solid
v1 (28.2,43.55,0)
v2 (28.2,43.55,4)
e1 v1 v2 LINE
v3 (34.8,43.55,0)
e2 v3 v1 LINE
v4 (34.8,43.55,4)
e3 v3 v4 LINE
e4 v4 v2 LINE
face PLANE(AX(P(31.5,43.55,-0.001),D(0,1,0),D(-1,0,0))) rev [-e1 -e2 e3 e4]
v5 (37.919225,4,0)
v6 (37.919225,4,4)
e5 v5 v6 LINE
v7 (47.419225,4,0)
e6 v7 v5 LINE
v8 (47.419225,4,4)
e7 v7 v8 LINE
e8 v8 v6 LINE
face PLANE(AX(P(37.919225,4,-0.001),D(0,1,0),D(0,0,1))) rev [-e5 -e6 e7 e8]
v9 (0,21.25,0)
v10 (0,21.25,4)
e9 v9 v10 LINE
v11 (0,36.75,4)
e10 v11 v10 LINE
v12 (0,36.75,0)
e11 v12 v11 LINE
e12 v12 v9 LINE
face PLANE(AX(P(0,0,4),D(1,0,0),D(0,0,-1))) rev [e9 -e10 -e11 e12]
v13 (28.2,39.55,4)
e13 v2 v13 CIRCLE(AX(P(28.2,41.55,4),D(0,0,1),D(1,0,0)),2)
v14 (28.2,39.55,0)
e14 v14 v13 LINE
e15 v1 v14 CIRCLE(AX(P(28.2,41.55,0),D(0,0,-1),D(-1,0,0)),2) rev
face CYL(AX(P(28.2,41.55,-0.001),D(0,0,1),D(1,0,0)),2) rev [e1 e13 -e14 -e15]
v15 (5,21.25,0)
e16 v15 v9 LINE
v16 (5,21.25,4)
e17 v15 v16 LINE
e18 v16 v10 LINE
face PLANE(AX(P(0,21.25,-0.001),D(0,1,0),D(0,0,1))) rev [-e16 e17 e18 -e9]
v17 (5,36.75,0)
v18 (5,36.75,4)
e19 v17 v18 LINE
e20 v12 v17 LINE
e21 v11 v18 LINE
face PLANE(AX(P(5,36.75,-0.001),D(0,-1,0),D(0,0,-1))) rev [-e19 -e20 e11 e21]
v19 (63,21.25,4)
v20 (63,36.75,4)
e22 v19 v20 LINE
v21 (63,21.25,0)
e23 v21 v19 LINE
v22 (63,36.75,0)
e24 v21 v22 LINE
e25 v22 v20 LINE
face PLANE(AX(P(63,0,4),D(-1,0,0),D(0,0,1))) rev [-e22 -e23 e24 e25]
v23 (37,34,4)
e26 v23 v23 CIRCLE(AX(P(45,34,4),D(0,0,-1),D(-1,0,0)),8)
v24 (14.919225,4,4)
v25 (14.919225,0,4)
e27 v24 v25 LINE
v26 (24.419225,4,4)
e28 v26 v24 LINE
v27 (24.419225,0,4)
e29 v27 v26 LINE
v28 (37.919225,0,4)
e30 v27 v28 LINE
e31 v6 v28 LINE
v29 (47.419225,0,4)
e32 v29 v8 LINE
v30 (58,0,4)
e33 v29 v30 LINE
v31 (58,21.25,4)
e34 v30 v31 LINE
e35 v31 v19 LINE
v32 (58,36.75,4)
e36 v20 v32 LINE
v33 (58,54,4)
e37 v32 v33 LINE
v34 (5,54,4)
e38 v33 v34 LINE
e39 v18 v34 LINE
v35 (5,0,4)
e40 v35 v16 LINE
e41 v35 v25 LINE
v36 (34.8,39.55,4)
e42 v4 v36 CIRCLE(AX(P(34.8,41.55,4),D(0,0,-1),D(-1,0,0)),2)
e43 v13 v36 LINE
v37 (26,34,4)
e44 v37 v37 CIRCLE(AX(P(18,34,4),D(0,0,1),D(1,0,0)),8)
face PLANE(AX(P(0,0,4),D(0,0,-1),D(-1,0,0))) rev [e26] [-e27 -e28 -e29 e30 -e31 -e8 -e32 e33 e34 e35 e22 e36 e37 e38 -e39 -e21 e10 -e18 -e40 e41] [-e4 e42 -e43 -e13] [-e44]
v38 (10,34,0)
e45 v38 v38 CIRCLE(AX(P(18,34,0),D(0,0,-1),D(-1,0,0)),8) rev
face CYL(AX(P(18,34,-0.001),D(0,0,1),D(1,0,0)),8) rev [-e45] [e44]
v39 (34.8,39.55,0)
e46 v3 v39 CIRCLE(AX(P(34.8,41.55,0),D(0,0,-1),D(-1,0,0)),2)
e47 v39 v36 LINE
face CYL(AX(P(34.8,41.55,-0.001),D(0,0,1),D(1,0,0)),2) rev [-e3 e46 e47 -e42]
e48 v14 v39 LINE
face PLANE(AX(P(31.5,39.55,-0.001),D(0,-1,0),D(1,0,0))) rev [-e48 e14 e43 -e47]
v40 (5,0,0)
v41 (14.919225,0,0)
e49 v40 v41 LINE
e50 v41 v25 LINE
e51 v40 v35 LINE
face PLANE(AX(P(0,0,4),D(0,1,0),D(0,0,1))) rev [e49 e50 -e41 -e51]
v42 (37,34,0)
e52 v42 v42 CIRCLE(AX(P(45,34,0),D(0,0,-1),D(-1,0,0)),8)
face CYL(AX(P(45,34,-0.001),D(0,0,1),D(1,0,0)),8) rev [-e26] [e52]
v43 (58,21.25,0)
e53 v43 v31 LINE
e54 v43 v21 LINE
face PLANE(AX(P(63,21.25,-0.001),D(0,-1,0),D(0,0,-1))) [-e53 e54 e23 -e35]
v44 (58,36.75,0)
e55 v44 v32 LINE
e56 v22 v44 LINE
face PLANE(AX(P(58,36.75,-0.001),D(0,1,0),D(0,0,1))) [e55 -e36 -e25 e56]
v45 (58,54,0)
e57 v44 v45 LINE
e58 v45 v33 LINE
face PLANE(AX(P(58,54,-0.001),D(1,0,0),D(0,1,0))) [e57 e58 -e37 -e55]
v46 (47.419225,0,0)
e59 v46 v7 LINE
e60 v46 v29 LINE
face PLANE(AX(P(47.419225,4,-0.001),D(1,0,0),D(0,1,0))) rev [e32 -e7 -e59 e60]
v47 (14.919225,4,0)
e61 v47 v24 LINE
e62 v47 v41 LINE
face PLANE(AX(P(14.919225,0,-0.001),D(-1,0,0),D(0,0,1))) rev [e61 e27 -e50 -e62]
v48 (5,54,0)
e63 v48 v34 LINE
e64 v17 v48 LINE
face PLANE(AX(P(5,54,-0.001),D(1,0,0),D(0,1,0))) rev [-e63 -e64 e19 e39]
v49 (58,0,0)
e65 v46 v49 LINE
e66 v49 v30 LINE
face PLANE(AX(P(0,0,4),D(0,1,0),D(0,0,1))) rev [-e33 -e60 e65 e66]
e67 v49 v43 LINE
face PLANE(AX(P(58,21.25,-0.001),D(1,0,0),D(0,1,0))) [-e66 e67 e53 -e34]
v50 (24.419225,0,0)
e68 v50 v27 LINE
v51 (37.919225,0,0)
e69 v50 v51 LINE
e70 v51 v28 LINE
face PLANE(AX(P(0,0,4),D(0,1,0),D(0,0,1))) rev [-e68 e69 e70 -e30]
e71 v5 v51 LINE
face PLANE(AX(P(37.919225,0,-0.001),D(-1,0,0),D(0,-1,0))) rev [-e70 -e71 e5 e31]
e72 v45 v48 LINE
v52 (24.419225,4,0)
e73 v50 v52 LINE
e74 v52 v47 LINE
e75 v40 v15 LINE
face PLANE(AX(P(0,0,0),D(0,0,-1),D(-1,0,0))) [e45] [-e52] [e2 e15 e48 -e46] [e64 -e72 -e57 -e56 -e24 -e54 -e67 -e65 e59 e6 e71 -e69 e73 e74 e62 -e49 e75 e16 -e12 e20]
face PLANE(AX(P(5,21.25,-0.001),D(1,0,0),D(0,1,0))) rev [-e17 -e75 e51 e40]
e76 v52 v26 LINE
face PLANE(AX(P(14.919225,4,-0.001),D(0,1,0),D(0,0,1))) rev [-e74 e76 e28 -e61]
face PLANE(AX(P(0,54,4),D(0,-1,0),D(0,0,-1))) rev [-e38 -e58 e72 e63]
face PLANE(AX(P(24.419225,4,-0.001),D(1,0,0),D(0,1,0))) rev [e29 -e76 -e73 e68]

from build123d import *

# Parameters (mm, degrees)
SKIZZE1_W                       = 63
SKIZZE1_H                       = 54
AUFSATZ_LINEAR_AUSTRAGEN1_DEPTH = 4
SCHNITT_LINEAR_AUSTRAGEN3_REACH = 6
SKIZZE4_W                       = 9.5
SKIZZE4_H                       = 4
SKIZZE2_W                       = 5
SKIZZE2_H                       = 17.25
SKIZZE2_H_2                     = 21.25
SCHNITT_LINEAR_AUSTRAGEN1_DEPTH = 4
SKIZZE5_R                       = 8
SCHNITT_LINEAR_AUSTRAGEN4_DEPTH = 4


with BuildPart() as part:
    # Skizze1 → Aufsatz-Linear austragen1 (new body)
    with BuildSketch(Plane.XY):
        with Locations((31.5, 27)):
            Rectangle(SKIZZE1_W, SKIZZE1_H)
    extrude(amount=AUFSATZ_LINEAR_AUSTRAGEN1_DEPTH)

    # Skizze4 → Schnitt-Linear austragen3 (cut, up to next)
    with BuildSketch(Plane.XY.offset(4), mode=Mode.PRIVATE) as schnitt_linear_austragen3_sk1:
        with Locations((19.669225385, 2)):
            Rectangle(SKIZZE4_W, SKIZZE4_H)
    schnitt_linear_austragen3_tool1 = extrude(schnitt_linear_austragen3_sk1.sketch, amount=-SCHNITT_LINEAR_AUSTRAGEN3_REACH, mode=Mode.PRIVATE) & part.part
    add(schnitt_linear_austragen3_tool1.solids().sort_by_distance((19.669225, 2, 4))[0], mode=Mode.SUBTRACT)
    # Skizze4 → Schnitt-Linear austragen3 (cut, up to next)
    with BuildSketch(Plane.XY.offset(4), mode=Mode.PRIVATE) as schnitt_linear_austragen3_sk2:
        with Locations((42.669225385, 2)):
            Rectangle(SKIZZE4_W, SKIZZE4_H)
    schnitt_linear_austragen3_tool2 = extrude(schnitt_linear_austragen3_sk2.sketch, amount=-SCHNITT_LINEAR_AUSTRAGEN3_REACH, mode=Mode.PRIVATE) & part.part
    add(schnitt_linear_austragen3_tool2.solids().sort_by_distance((42.669225, 2, 4))[0], mode=Mode.SUBTRACT)

    # Skizze2 → Schnitt-Linear austragen1 (cut)
    with BuildSketch(Plane.XY.offset(4)):
        with Locations((2.5, 45.375)):
            Rectangle(SKIZZE2_W, SKIZZE2_H)
        with Locations((2.5, 10.625)):
            Rectangle(SKIZZE2_W, SKIZZE2_H_2)
    schnitt_linear_austragen1 = extrude(amount=-SCHNITT_LINEAR_AUSTRAGEN1_DEPTH, mode=Mode.SUBTRACT)

    # Spiegeln1: Schnitt-Linear austragen1 across plane
    add(schnitt_linear_austragen1.mirror(Plane.ZY.offset(-31.5)), mode=Mode.SUBTRACT)

    # Skizze5 → Schnitt-Linear austragen4 (cut)
    with BuildSketch(Plane.XY.offset(4)):
        with Locations((18, 34)):
            Circle(SKIZZE5_R)
        with BuildLine():
            Line((31.5, 43.55), (28.2, 43.55))
            ThreePointArc((28.2, 43.55), (26.2, 41.55), (28.2, 39.55))
            Line((28.2, 39.55), (31.5, 39.55))
            Line((31.5, 39.55), (31.5, 43.55))
        make_face()
    schnitt_linear_austragen4 = extrude(amount=-SCHNITT_LINEAR_AUSTRAGEN4_DEPTH, mode=Mode.SUBTRACT)

    # Spiegeln2: Schnitt-Linear austragen4 across plane
    add(schnitt_linear_austragen4.mirror(Plane.ZY.offset(-31.5)), mode=Mode.SUBTRACT)


solid = part.part
